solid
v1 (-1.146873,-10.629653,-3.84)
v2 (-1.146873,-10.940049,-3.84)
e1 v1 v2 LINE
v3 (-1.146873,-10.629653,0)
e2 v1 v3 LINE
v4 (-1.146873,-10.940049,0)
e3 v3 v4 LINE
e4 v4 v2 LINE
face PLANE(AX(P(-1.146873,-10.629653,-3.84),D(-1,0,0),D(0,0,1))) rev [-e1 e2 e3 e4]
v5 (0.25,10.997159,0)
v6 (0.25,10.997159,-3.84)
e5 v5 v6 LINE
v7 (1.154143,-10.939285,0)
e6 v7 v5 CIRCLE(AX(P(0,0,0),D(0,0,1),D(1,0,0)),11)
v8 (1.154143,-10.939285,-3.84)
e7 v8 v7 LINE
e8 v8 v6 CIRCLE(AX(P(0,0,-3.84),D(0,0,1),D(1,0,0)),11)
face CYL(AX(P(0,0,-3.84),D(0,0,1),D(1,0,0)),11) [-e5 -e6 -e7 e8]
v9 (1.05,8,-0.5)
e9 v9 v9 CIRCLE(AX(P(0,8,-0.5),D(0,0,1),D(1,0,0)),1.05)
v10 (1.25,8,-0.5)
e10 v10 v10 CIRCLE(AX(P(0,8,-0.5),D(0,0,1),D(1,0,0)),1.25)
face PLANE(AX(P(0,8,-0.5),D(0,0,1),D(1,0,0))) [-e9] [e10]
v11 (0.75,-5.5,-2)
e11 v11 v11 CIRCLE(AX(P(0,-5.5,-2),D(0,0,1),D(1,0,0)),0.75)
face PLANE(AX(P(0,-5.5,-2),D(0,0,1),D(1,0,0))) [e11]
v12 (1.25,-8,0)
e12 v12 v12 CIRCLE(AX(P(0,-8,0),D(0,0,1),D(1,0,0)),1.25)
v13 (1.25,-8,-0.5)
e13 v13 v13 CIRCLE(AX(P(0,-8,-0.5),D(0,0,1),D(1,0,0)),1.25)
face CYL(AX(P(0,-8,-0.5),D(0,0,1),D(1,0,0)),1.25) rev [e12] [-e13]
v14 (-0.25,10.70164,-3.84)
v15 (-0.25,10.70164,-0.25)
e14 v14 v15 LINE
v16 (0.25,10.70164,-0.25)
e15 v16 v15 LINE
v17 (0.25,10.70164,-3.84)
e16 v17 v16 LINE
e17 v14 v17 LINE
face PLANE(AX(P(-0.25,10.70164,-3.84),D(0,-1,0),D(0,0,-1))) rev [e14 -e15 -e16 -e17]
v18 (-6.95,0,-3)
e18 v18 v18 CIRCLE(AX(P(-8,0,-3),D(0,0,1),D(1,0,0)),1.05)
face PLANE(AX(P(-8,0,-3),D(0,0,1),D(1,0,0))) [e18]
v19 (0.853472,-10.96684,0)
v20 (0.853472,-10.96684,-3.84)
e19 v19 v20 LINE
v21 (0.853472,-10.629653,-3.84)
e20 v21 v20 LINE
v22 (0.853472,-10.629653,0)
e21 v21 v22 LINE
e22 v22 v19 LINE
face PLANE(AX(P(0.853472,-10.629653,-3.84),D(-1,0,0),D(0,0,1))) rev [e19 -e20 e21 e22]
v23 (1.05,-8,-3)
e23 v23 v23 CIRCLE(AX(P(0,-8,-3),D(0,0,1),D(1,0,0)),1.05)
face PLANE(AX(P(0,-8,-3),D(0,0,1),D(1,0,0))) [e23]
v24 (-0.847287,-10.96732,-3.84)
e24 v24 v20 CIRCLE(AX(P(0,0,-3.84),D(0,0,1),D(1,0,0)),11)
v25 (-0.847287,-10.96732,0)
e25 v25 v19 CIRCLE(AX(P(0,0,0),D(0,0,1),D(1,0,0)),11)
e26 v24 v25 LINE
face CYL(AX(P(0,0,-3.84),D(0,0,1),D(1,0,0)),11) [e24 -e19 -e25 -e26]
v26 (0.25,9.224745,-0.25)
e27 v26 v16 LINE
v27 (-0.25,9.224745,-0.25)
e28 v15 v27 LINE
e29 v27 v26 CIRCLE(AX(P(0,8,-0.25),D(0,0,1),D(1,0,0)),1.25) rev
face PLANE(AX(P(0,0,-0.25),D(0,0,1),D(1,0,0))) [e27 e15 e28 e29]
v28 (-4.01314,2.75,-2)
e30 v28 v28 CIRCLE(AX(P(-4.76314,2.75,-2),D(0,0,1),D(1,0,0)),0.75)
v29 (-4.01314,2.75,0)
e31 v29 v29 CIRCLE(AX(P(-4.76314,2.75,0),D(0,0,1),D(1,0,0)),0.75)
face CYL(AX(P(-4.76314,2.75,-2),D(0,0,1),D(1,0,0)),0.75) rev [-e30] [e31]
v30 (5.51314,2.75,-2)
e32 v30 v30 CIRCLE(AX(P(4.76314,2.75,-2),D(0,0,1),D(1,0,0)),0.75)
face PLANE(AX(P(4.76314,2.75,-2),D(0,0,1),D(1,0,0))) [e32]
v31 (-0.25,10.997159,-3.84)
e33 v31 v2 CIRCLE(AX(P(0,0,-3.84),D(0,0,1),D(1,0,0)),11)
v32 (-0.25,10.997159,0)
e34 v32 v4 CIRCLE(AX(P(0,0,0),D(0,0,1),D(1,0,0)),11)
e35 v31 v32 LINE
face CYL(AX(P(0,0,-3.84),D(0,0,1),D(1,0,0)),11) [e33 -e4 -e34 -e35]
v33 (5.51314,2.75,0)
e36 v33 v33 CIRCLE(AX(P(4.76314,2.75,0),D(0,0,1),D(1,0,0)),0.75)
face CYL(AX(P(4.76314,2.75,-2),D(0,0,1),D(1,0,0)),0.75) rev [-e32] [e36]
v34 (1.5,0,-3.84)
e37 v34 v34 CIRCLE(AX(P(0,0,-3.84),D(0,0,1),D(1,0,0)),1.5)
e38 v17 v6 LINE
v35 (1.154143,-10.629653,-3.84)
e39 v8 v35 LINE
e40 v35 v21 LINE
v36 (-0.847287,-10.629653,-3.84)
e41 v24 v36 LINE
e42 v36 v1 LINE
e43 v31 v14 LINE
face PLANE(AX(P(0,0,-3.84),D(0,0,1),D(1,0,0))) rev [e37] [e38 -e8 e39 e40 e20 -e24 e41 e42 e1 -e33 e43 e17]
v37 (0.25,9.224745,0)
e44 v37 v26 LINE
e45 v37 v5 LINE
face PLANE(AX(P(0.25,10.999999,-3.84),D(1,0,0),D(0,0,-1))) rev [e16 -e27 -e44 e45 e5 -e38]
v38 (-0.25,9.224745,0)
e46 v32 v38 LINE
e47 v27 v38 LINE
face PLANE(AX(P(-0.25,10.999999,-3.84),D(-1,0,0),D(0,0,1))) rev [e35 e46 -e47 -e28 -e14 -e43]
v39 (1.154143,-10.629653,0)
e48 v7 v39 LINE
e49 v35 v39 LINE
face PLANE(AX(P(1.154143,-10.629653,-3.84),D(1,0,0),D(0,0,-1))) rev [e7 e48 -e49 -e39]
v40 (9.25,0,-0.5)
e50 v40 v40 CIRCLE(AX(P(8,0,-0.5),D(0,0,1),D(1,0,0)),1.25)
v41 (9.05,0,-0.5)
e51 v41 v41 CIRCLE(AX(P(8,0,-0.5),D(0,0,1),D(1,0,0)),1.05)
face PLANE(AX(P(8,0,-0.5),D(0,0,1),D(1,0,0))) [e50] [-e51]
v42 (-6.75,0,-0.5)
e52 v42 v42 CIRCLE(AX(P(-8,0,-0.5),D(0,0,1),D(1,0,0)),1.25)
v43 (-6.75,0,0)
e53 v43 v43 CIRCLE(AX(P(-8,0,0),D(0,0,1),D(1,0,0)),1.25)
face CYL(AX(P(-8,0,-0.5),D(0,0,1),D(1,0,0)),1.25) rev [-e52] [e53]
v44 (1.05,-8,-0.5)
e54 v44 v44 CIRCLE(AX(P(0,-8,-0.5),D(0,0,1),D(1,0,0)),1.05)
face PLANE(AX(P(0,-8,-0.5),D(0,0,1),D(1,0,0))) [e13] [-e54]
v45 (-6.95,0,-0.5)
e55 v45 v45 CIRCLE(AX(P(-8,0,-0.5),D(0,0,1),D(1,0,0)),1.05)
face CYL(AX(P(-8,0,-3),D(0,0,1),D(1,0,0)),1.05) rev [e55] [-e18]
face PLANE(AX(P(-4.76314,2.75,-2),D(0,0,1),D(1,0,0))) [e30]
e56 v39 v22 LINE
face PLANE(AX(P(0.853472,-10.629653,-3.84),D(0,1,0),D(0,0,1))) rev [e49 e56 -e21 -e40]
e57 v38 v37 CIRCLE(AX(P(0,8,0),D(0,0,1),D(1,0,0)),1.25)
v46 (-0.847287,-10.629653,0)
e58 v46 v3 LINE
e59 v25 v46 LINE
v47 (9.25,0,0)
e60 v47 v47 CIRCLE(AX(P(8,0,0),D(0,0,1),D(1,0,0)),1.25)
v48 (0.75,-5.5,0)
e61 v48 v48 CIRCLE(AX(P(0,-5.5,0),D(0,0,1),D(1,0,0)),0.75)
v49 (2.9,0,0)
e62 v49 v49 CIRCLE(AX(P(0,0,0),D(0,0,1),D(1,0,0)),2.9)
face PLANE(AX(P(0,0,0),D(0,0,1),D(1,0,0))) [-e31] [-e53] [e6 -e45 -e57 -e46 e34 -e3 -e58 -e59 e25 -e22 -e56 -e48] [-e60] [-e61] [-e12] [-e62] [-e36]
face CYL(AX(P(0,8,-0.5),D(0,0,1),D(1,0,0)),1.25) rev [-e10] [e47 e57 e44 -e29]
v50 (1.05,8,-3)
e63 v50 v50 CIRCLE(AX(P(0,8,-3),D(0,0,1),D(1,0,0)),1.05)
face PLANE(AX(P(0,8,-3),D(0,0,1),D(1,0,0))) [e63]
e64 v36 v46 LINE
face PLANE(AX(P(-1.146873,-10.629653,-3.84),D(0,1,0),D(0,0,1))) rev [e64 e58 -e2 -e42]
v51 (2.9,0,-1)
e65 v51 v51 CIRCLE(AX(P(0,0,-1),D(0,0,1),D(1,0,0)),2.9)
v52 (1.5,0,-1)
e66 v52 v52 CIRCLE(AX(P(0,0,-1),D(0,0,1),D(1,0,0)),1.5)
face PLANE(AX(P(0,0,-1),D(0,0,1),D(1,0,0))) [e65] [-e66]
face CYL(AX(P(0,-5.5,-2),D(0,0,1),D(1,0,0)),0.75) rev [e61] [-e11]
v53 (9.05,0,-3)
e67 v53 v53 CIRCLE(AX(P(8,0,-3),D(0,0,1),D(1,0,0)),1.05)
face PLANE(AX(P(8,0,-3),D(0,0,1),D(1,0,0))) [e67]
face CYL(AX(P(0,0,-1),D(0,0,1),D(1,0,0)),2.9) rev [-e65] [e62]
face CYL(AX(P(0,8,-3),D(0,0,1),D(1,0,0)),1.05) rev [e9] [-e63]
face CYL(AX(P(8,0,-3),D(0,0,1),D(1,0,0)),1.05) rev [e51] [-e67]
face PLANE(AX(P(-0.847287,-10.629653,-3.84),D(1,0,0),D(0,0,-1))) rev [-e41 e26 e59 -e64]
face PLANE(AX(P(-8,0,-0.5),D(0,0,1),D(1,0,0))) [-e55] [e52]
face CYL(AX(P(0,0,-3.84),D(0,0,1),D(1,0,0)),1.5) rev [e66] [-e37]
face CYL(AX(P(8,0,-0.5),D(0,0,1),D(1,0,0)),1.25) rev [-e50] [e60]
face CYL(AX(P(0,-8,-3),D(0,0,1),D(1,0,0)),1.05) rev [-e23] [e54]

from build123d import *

# Parameters (mm, degrees)
SKETCH5_R           = 11
BOSS_EXTRUDE3_DEPTH = 3.84
SKETCH6_R           = 1.5
CUT_EXTRUDE16_DEPTH = 3.84
SKETCH6_8_R         = 2.9
SKETCH6_8_R_2       = 1.5
CUT_EXTRUDE17_DEPTH = 1
SKETCH7_R           = 0.75
CUT_EXTRUDE18_DEPTH = 2
SKETCH8_R           = 1.05
CUT_EXTRUDE20_DEPTH = 3
SKETCH8_4_R         = 1.25
SKETCH8_4_R_2       = 1.05
CUT_EXTRUDE21_DEPTH = 0.5
SKETCH15_W          = 0.299586516
SKETCH15_H          = 0.370347028
SKETCH15_W_2        = 0.300671414
CUT_EXTRUDE22_DEPTH = 3.84
SKETCH16_W          = 0.5
SKETCH16_H          = 0.298358963
CUT_EXTRUDE23_DEPTH = 3.84
SKETCH17_W          = 0.5
SKETCH17_H          = 1.60013733
CUT_EXTRUDE24_DEPTH = 0.25


with BuildPart() as part:
    # Sketch5 → Boss-Extrude3 (new body)
    with BuildSketch(Plane.XY):
        Circle(SKETCH5_R)
    extrude(amount=-BOSS_EXTRUDE3_DEPTH)

    # Sketch6 → Cut-Extrude16 (cut)
    with BuildSketch(Plane.XY):
        Circle(SKETCH6_R)
    extrude(amount=-CUT_EXTRUDE16_DEPTH, mode=Mode.SUBTRACT)

    # Sketch6<8> → Cut-Extrude17 (cut)
    with BuildSketch(Plane.XY):
        Circle(SKETCH6_8_R)
        Circle(SKETCH6_8_R_2, mode=Mode.SUBTRACT)
    extrude(amount=-CUT_EXTRUDE17_DEPTH, mode=Mode.SUBTRACT)

    # Sketch7 → Cut-Extrude18 (cut)
    with BuildSketch(Plane.XY):
        with Locations((-4.763139721, 2.75)):
            Circle(SKETCH7_R)
        with Locations((4.763139721, 2.75)):
            Circle(SKETCH7_R)
        with Locations((0, -5.5)):
            Circle(SKETCH7_R)
    extrude(amount=-CUT_EXTRUDE18_DEPTH, mode=Mode.SUBTRACT)

    # Sketch8 → Cut-Extrude20 (cut)
    with BuildSketch(Plane.XY):
        with Locations((-8, 0)):
            Circle(SKETCH8_R)
        with Locations((0, -8)):
            Circle(SKETCH8_R)
        with Locations((8, 0)):
            Circle(SKETCH8_R)
        with Locations((0, 8)):
            Circle(SKETCH8_R)
    extrude(amount=-CUT_EXTRUDE20_DEPTH, mode=Mode.SUBTRACT)

    # Sketch8<4> → Cut-Extrude21 (cut)
    # profile 1 of 4: a face of its own
    with BuildSketch(Plane.XY):
        with Locations((-8, 0)):
            Circle(SKETCH8_4_R)
        with Locations((-8, 0)):
            Circle(SKETCH8_4_R_2, mode=Mode.SUBTRACT)
    # profile 2 of 4: a face of its own
    with BuildSketch(Plane.XY):
        with Locations((0, -8)):
            Circle(SKETCH8_4_R)
        with Locations((0, -8)):
            Circle(SKETCH8_4_R_2, mode=Mode.SUBTRACT)
    # profile 3 of 4: a face of its own
    with BuildSketch(Plane.XY):
        with Locations((8, 0)):
            Circle(SKETCH8_4_R)
        with Locations((8, 0)):
            Circle(SKETCH8_4_R_2, mode=Mode.SUBTRACT)
    # profile 4 of 4: a face of its own
    with BuildSketch(Plane.XY):
        with Locations((0, 8)):
            Circle(SKETCH8_4_R)
        with Locations((0, 8)):
            Circle(SKETCH8_4_R_2, mode=Mode.SUBTRACT)
    extrude(amount=-CUT_EXTRUDE21_DEPTH, mode=Mode.SUBTRACT)

    # Sketch15 → Cut-Extrude22 (cut)
    with BuildSketch(Plane.XY):
        with Locations((-0.997080085, -10.814826486)):
            Rectangle(SKETCH15_W, SKETCH15_H)
        with Locations((1.003807665, -10.814826486)):
            Rectangle(SKETCH15_W_2, SKETCH15_H)
    extrude(amount=-CUT_EXTRUDE22_DEPTH, mode=Mode.SUBTRACT)

    # Sketch16 → Cut-Extrude23 (cut)
    with BuildSketch(Plane.XY):
        with Locations((0, 10.850819912)):
            Rectangle(SKETCH16_W, SKETCH16_H)
    extrude(amount=-CUT_EXTRUDE23_DEPTH, mode=Mode.SUBTRACT)

    # Sketch17 → Cut-Extrude24 (cut)
    with BuildSketch(Plane.XY):
        with Locations((0, 9.901571765)):
            Rectangle(SKETCH17_W, SKETCH17_H)
    extrude(amount=-CUT_EXTRUDE24_DEPTH, mode=Mode.SUBTRACT)


solid = part.part
